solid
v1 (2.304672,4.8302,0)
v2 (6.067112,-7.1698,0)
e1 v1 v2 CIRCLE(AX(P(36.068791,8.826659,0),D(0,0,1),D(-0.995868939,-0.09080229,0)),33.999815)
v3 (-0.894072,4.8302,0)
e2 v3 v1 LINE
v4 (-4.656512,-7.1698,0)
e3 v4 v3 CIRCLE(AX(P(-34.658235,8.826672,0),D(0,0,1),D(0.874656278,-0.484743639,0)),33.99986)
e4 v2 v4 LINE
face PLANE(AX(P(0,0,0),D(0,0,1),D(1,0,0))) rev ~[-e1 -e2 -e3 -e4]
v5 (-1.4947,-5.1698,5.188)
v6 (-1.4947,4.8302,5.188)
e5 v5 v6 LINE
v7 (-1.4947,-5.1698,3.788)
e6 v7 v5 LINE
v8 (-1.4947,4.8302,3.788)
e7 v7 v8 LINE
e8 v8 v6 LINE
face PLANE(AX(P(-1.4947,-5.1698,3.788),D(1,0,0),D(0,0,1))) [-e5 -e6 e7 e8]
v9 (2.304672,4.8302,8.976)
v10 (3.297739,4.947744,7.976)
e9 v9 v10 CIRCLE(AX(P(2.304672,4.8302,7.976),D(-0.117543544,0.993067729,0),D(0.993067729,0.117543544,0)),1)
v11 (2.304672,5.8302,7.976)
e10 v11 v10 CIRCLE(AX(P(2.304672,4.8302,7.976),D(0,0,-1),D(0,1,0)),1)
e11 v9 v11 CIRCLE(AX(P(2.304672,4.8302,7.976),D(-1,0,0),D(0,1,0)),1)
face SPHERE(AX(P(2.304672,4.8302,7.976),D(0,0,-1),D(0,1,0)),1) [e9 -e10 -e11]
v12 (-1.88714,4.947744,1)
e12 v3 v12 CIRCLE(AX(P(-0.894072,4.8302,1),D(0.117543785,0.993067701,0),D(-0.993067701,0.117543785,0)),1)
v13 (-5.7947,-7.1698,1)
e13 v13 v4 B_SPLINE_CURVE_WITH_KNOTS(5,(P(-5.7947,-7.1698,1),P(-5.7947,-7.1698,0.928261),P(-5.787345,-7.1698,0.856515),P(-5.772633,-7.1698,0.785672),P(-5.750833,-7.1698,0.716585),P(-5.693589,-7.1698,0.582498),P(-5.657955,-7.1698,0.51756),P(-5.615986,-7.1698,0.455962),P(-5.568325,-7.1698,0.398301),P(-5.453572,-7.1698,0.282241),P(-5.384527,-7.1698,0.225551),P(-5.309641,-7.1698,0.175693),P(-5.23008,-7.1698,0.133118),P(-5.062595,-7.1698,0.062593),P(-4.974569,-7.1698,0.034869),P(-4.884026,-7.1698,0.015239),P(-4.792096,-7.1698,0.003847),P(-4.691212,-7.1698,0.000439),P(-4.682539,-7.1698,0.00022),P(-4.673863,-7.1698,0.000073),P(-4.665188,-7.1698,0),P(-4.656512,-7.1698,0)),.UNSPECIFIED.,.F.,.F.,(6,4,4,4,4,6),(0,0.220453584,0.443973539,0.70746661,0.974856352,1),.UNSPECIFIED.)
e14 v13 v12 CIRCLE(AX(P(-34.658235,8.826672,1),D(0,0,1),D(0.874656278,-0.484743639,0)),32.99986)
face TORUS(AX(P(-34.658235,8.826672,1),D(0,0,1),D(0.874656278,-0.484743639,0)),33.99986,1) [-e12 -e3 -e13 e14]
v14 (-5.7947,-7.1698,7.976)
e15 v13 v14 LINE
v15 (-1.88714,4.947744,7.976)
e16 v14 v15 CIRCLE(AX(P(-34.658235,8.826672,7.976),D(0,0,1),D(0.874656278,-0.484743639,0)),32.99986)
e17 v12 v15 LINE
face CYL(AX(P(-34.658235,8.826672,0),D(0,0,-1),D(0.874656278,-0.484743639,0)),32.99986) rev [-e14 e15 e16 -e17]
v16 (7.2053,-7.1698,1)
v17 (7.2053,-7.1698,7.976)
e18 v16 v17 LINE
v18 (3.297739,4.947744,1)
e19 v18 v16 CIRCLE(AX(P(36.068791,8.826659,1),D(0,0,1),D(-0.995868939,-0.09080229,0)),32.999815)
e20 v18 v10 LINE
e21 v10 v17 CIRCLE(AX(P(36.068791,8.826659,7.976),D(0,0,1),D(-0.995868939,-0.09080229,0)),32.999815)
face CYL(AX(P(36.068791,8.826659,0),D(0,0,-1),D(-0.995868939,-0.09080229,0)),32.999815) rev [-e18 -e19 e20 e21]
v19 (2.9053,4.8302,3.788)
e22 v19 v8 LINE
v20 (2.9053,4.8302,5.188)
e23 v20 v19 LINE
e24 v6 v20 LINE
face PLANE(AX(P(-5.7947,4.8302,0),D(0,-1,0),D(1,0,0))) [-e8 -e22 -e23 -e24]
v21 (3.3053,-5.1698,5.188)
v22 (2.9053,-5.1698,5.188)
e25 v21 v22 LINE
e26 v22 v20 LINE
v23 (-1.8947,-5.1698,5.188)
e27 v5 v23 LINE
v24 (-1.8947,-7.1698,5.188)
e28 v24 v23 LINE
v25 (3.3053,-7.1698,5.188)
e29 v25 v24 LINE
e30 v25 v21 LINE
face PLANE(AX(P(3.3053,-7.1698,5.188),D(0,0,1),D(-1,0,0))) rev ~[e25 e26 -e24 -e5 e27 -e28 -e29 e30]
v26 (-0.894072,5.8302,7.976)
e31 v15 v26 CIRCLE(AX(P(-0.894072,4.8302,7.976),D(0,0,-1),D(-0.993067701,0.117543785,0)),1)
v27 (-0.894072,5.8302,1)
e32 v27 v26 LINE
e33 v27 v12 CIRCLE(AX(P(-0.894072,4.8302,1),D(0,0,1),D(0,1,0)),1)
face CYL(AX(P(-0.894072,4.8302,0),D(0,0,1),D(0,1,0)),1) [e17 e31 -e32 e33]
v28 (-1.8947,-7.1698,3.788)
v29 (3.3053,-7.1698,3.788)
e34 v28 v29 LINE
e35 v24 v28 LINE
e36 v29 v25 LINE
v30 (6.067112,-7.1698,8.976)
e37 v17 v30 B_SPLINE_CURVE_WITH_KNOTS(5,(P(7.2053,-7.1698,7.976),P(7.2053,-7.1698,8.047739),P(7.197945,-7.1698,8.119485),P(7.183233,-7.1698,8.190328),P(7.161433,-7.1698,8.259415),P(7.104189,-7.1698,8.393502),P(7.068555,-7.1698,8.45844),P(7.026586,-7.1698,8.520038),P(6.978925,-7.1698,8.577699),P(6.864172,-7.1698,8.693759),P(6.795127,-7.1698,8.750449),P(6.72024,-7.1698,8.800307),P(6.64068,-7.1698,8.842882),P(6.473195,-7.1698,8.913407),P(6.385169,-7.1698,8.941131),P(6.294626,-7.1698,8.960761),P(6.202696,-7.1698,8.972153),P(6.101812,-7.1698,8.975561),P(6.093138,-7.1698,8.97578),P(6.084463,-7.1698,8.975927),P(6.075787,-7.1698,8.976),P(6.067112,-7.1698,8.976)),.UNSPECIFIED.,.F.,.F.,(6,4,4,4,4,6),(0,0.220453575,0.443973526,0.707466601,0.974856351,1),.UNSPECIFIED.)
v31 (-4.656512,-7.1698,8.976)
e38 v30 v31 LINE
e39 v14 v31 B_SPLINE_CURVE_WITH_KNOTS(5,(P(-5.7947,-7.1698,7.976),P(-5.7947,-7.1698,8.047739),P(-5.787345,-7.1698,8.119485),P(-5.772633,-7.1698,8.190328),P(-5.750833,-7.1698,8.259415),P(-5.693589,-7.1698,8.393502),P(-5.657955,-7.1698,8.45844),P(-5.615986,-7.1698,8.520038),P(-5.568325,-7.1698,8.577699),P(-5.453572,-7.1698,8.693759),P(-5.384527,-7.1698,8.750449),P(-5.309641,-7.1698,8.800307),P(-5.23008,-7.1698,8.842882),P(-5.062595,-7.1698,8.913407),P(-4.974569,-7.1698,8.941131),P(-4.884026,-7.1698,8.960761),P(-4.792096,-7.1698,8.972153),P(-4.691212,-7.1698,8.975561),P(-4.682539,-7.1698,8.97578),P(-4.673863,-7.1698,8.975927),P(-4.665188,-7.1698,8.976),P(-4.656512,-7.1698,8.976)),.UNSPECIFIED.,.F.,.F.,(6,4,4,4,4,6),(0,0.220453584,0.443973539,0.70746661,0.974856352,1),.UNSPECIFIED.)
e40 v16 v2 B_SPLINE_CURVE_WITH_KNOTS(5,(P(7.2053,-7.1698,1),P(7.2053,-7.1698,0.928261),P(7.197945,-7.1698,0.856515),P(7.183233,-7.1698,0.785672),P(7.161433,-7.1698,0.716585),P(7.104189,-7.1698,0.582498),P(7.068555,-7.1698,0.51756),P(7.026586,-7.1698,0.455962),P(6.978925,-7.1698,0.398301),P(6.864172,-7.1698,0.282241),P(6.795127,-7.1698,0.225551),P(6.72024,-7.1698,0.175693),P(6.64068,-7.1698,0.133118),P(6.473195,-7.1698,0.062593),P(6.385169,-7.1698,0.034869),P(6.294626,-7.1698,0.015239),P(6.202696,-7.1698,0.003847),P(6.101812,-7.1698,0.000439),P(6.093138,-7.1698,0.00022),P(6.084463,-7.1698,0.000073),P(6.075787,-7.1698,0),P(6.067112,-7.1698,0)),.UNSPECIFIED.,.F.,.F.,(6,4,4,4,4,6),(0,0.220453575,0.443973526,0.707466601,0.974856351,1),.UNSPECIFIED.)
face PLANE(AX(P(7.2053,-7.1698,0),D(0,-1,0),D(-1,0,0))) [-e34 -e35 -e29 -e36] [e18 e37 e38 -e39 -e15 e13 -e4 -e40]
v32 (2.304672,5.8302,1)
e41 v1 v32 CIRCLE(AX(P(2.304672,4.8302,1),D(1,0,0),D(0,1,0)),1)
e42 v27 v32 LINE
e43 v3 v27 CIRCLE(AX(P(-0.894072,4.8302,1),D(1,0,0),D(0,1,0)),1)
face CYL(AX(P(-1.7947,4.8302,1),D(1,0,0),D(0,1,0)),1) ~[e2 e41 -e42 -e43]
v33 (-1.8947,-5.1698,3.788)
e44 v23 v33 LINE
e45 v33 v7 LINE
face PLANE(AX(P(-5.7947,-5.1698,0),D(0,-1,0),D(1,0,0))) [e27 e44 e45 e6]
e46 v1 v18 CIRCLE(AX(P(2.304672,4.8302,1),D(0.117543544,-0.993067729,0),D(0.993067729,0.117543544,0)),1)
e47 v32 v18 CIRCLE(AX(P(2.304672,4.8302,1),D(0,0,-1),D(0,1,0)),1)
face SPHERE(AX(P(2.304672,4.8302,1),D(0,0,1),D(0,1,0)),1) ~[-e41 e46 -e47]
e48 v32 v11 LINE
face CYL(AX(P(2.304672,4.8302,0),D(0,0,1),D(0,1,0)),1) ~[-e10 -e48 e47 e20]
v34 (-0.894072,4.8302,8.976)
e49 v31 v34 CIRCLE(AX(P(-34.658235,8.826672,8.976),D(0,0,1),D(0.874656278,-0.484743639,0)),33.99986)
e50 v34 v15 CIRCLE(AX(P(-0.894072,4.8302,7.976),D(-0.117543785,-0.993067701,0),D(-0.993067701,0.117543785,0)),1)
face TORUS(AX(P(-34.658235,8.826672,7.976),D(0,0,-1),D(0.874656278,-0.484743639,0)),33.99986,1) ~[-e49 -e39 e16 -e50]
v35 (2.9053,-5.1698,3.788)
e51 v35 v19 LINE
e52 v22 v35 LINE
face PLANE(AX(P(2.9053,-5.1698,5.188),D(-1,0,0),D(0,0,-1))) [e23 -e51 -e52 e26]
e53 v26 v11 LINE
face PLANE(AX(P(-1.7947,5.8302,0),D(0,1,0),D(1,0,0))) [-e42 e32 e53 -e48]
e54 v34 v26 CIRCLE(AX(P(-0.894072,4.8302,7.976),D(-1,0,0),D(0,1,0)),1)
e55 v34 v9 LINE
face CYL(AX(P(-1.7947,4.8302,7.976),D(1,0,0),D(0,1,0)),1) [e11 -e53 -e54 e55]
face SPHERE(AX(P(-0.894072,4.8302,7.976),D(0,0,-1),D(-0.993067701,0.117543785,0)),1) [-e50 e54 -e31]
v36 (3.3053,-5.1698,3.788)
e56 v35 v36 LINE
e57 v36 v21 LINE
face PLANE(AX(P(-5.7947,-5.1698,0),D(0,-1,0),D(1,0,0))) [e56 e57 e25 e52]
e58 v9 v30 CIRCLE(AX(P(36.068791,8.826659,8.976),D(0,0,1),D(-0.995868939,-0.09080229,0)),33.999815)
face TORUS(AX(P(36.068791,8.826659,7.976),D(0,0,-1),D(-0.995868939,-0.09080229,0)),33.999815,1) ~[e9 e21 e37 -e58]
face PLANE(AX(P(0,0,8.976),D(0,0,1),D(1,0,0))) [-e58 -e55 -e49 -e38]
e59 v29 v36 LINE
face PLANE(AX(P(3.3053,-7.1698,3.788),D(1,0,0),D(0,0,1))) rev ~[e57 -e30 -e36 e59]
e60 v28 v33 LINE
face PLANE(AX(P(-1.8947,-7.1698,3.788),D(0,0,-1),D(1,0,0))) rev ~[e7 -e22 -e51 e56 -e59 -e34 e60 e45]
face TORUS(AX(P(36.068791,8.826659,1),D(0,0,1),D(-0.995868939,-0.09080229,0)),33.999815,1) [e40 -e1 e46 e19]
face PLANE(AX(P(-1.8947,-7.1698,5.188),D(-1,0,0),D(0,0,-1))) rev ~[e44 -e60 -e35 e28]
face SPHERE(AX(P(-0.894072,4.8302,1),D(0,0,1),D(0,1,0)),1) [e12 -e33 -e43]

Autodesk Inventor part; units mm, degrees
ref_plane "YZ Plane" through (0, 0, 0) normal (1, 0, 0) x (0, 1, 0)
ref_plane "XZ Plane" through (0, 0, 0) normal (0, 1, 0) x (-1, 0, 0)
ref_plane "XY Plane" through (0, 0, 0) normal (0, 0, 1) x (1, 0, 0)
sketch "Sketch1" plane through (0, 0, 0) normal (0, 0, 1) x (1, 0, 0)
  line L0 (-5.7947, 5.8302) -> (7.2053, 5.8302)
  line L1 (7.2053, 5.8302) -> (7.2053, -7.1698)
  line L2 (7.2053, -7.1698) -> (-5.7947, -7.1698)
  line L3 (-5.7947, -7.1698) -> (-5.7947, 5.8302)
  arc A0 (-5.7947, -7.1698) -> (-1.7947, 5.8302) centre (-34.6583, 8.8267) ccw
  arc A1 (3.2053, 5.8302) -> (7.2053, -7.1698) centre (36.069, 8.8267) ccw
  point P0 (0, 0)
  dimension "d0" = 13
  dimension "d1" = 13
  dimension "d2" = 4
  dimension "d3" = 4
  dimension "d4" = 33
  dimension "d5" = 33
extrude "Extrusion1" add sketch "Sketch1" along normal blind 8.976 contours L0 A1 L2 A0
sketch "Sketch2" plane through (-5.7947, -7.1698, 0) normal (0, -1, 0) x (1, 0, 0)
  line L0 (9.1, 5.188) -> (3.9, 5.188)
  line L1 (3.9, 5.188) -> (3.9, 3.788)
  line L2 (3.9, 3.788) -> (9.1, 3.788)
  line L3 (9.1, 3.788) -> (9.1, 5.188)
  line L4 (0, 8.976) -> (13, 8.976) projected
  line L5 (13, 0) -> (13, 8.976) projected
  point P0 (5.7947, 0)
  dimension "d8" = 1.4
  dimension "d9" = 5.2
  dimension "d10" = 3.788
  dimension "d11" = 3.9
extrude "Extrusion2" cut sketch "Sketch2" against normal blind 2
sketch "Sketch3" plane through (-5.7947, -5.1698, 0) normal (0, -1, 0) x (1, 0, 0)
  line L0 (9.1, 3.788) -> (3.9, 3.788) projected
  line L1 (4.3, 5.188) -> (8.7, 5.188)
  line L2 (8.7, 5.188) -> (8.7, 3.788)
  line L3 (8.7, 3.788) -> (4.3, 3.788)
  line L4 (4.3, 3.788) -> (4.3, 5.188)
  line L5 (3.9, 5.188) -> (9.1, 5.188) projected
  line L6 (3.9, 3.788) -> (3.9, 5.188) projected
  line L7 (9.1, 5.188) -> (9.1, 3.788) projected
  point P0 (5.7947, 0)
  dimension "d14" = 0
  dimension "d15" = 0.4
  dimension "d16" = 0.4
extrude "Extrusion3" cut sketch "Sketch3" against normal blind 10 contours L0 L4 L1 L2
fillet "Fillet1" radius 1 8 edges at (3.2053, 5.8302, 4.488) (-3.1176, -0.8781, 8.976) (0.7053, 5.8302, 8.976) (-1.7947, 5.8302, 4.488) (0.7053, 5.8302, 0) (4.5283, -0.8781, 0) (-3.1176, -0.8781, 0) (4.5283, -0.8781, 8.976)
properties part number "SingleSliderCap"
